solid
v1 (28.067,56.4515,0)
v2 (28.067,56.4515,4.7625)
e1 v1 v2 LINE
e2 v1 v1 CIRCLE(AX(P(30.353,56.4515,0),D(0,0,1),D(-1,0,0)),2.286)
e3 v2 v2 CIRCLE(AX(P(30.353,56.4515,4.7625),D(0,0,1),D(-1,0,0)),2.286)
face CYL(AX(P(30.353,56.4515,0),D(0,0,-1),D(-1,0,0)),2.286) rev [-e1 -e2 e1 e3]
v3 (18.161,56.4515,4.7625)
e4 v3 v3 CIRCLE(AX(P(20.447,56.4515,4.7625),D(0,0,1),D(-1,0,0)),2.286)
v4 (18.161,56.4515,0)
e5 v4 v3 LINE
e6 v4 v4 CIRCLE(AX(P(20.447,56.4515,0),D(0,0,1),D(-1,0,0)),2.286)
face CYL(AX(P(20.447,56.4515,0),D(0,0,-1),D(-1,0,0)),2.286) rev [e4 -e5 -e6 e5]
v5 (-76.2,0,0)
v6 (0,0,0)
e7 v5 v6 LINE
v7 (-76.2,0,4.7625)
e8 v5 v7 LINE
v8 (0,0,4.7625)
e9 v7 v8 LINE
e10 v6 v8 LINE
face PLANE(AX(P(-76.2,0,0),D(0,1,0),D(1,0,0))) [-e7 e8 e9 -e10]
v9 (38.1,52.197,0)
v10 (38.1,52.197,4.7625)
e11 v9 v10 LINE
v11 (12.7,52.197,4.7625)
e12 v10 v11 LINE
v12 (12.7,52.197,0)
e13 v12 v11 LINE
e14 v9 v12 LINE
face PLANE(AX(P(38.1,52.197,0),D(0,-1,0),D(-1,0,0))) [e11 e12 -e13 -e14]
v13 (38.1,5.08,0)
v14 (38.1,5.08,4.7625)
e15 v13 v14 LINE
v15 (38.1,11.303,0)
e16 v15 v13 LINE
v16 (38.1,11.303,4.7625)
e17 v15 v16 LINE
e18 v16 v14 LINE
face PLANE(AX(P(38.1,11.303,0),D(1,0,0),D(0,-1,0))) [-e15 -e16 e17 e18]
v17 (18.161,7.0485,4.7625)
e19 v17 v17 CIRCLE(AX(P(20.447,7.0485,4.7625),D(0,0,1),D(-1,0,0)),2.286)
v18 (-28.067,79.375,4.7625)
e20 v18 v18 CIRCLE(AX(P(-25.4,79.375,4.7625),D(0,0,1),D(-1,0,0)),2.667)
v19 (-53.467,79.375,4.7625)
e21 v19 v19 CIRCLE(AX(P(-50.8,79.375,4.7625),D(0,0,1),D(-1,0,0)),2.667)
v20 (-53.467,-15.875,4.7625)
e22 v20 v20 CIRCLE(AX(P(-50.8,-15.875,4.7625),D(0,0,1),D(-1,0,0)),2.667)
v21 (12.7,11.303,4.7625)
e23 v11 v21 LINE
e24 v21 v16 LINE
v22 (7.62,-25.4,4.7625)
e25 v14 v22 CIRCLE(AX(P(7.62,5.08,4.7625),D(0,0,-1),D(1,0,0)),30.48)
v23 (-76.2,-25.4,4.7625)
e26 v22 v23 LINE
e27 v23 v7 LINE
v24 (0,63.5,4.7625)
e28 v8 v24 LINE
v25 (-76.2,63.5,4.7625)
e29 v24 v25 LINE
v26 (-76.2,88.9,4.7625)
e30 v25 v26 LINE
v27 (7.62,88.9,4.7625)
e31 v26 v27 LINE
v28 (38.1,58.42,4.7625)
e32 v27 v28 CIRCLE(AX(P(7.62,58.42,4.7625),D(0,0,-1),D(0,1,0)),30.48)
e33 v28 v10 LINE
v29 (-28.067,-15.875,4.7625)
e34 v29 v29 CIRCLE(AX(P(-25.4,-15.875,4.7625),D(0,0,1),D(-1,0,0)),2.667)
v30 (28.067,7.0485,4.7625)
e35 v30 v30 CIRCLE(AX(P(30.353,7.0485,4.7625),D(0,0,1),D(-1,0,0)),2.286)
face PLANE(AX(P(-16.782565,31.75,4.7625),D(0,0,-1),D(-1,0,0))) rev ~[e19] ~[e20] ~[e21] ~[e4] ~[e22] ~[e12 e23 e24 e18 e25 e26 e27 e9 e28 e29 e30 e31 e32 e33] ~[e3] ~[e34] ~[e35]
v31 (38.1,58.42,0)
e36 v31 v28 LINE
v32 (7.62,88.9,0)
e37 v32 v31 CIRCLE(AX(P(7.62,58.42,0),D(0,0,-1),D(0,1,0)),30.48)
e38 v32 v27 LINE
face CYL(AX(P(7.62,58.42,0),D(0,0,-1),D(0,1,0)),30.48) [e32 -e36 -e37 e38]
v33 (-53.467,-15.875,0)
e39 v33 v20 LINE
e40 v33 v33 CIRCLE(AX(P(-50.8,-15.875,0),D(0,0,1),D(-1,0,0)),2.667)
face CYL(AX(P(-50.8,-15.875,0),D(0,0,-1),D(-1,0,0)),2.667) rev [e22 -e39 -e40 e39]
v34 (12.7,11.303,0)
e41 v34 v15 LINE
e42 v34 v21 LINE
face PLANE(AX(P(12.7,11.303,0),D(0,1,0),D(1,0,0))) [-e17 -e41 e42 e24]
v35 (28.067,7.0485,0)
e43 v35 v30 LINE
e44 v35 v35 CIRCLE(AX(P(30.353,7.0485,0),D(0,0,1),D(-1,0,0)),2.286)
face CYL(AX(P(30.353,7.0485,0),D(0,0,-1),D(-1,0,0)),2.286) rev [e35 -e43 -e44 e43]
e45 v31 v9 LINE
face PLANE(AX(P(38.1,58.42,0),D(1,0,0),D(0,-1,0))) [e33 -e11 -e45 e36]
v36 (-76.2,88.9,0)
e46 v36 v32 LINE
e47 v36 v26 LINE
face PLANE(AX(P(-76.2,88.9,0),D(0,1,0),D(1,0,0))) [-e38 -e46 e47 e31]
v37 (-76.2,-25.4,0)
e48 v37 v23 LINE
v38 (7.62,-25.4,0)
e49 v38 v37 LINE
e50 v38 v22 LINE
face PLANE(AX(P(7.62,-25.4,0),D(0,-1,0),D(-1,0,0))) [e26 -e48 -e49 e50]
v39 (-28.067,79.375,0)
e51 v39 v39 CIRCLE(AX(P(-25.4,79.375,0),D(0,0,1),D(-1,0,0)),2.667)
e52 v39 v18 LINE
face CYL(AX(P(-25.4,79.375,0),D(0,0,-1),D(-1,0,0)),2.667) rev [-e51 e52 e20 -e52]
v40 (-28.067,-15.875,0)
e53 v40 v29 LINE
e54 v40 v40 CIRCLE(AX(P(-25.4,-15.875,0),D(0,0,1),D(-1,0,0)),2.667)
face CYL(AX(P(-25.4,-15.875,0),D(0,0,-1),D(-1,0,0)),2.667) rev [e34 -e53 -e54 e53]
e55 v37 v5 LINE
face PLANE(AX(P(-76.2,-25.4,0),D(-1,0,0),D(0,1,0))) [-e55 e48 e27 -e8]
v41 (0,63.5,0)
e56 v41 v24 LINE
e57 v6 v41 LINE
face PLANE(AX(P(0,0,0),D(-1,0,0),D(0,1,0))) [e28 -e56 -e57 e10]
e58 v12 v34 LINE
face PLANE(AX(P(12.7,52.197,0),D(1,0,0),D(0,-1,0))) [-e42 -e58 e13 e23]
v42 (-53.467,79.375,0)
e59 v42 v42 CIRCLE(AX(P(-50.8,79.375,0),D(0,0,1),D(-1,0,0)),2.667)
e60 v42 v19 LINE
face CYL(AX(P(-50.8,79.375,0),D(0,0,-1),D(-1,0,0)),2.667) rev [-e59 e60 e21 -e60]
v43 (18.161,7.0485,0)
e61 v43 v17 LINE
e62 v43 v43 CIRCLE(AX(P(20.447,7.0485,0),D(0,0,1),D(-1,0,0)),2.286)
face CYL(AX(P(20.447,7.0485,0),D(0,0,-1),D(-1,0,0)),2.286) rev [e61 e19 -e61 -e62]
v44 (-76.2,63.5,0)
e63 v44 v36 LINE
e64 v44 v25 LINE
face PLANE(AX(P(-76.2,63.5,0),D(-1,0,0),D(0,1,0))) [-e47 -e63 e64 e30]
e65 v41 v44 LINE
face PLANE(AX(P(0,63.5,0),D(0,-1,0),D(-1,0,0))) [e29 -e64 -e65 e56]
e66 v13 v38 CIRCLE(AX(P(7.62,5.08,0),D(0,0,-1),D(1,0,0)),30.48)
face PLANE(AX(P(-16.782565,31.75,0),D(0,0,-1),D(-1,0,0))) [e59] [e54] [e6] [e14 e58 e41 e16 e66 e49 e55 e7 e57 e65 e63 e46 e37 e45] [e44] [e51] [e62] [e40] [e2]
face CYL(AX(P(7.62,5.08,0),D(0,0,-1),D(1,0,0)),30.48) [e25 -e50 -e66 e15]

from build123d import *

# Parameters (mm, degrees)
SKETCH1_R           = 2.286
SKETCH1_R_2         = 2.667
BOSS_EXTRUDE1_DEPTH = 4.7625


with BuildPart() as part:
    # Sketch1 → Boss-Extrude1 (new body)
    with BuildSketch(Plane.XY):
        with BuildLine():
            Line((0, 0), (0, 63.5))
            Line((0, 63.5), (-76.2, 63.5))
            Line((-76.2, 63.5), (-76.2, 88.9))
            Line((-76.2, 88.9), (7.62, 88.9))
            ThreePointArc((7.62, 88.9), (29.172614691, 79.972614691), (38.1, 58.42))
            Line((38.1, 58.42), (38.1, 52.197))
            Line((38.1, 52.197), (12.7, 52.197))
            Line((12.7, 52.197), (12.7, 11.303))
            Line((12.7, 11.303), (38.1, 11.303))
            Line((38.1, 11.303), (38.1, 5.08))
            ThreePointArc((38.1, 5.08), (29.172614691, -16.472614691), (7.62, -25.4))
            Line((7.62, -25.4), (-76.2, -25.4))
            Line((-76.2, -25.4), (-76.2, 0))
            Line((-76.2, 0), (0, 0))
        make_face()
        with Locations(Location((20.447, 56.4515, 0), (0, 0, 180))):
            Circle(SKETCH1_R, mode=Mode.SUBTRACT)
        with Locations(Location((30.353, 56.4515, 0), (0, 0, 180))):
            Circle(SKETCH1_R, mode=Mode.SUBTRACT)
        with Locations(Location((20.447, 7.0485, 0), (0, 0, 180))):
            Circle(SKETCH1_R, mode=Mode.SUBTRACT)
        with Locations(Location((30.353, 7.0485, 0), (0, 0, 180))):
            Circle(SKETCH1_R, mode=Mode.SUBTRACT)
        with Locations(Location((-50.8, 79.375, 0), (0, 0, 180))):
            Circle(SKETCH1_R_2, mode=Mode.SUBTRACT)
        with Locations(Location((-25.4, 79.375, 0), (0, 0, 180))):
            Circle(SKETCH1_R_2, mode=Mode.SUBTRACT)
        with Locations(Location((-50.8, -15.875, 0), (0, 0, 180))):
            Circle(SKETCH1_R_2, mode=Mode.SUBTRACT)
        with Locations(Location((-25.4, -15.875, 0), (0, 0, 180))):
            Circle(SKETCH1_R_2, mode=Mode.SUBTRACT)
    extrude(amount=BOSS_EXTRUDE1_DEPTH)


solid = part.part
